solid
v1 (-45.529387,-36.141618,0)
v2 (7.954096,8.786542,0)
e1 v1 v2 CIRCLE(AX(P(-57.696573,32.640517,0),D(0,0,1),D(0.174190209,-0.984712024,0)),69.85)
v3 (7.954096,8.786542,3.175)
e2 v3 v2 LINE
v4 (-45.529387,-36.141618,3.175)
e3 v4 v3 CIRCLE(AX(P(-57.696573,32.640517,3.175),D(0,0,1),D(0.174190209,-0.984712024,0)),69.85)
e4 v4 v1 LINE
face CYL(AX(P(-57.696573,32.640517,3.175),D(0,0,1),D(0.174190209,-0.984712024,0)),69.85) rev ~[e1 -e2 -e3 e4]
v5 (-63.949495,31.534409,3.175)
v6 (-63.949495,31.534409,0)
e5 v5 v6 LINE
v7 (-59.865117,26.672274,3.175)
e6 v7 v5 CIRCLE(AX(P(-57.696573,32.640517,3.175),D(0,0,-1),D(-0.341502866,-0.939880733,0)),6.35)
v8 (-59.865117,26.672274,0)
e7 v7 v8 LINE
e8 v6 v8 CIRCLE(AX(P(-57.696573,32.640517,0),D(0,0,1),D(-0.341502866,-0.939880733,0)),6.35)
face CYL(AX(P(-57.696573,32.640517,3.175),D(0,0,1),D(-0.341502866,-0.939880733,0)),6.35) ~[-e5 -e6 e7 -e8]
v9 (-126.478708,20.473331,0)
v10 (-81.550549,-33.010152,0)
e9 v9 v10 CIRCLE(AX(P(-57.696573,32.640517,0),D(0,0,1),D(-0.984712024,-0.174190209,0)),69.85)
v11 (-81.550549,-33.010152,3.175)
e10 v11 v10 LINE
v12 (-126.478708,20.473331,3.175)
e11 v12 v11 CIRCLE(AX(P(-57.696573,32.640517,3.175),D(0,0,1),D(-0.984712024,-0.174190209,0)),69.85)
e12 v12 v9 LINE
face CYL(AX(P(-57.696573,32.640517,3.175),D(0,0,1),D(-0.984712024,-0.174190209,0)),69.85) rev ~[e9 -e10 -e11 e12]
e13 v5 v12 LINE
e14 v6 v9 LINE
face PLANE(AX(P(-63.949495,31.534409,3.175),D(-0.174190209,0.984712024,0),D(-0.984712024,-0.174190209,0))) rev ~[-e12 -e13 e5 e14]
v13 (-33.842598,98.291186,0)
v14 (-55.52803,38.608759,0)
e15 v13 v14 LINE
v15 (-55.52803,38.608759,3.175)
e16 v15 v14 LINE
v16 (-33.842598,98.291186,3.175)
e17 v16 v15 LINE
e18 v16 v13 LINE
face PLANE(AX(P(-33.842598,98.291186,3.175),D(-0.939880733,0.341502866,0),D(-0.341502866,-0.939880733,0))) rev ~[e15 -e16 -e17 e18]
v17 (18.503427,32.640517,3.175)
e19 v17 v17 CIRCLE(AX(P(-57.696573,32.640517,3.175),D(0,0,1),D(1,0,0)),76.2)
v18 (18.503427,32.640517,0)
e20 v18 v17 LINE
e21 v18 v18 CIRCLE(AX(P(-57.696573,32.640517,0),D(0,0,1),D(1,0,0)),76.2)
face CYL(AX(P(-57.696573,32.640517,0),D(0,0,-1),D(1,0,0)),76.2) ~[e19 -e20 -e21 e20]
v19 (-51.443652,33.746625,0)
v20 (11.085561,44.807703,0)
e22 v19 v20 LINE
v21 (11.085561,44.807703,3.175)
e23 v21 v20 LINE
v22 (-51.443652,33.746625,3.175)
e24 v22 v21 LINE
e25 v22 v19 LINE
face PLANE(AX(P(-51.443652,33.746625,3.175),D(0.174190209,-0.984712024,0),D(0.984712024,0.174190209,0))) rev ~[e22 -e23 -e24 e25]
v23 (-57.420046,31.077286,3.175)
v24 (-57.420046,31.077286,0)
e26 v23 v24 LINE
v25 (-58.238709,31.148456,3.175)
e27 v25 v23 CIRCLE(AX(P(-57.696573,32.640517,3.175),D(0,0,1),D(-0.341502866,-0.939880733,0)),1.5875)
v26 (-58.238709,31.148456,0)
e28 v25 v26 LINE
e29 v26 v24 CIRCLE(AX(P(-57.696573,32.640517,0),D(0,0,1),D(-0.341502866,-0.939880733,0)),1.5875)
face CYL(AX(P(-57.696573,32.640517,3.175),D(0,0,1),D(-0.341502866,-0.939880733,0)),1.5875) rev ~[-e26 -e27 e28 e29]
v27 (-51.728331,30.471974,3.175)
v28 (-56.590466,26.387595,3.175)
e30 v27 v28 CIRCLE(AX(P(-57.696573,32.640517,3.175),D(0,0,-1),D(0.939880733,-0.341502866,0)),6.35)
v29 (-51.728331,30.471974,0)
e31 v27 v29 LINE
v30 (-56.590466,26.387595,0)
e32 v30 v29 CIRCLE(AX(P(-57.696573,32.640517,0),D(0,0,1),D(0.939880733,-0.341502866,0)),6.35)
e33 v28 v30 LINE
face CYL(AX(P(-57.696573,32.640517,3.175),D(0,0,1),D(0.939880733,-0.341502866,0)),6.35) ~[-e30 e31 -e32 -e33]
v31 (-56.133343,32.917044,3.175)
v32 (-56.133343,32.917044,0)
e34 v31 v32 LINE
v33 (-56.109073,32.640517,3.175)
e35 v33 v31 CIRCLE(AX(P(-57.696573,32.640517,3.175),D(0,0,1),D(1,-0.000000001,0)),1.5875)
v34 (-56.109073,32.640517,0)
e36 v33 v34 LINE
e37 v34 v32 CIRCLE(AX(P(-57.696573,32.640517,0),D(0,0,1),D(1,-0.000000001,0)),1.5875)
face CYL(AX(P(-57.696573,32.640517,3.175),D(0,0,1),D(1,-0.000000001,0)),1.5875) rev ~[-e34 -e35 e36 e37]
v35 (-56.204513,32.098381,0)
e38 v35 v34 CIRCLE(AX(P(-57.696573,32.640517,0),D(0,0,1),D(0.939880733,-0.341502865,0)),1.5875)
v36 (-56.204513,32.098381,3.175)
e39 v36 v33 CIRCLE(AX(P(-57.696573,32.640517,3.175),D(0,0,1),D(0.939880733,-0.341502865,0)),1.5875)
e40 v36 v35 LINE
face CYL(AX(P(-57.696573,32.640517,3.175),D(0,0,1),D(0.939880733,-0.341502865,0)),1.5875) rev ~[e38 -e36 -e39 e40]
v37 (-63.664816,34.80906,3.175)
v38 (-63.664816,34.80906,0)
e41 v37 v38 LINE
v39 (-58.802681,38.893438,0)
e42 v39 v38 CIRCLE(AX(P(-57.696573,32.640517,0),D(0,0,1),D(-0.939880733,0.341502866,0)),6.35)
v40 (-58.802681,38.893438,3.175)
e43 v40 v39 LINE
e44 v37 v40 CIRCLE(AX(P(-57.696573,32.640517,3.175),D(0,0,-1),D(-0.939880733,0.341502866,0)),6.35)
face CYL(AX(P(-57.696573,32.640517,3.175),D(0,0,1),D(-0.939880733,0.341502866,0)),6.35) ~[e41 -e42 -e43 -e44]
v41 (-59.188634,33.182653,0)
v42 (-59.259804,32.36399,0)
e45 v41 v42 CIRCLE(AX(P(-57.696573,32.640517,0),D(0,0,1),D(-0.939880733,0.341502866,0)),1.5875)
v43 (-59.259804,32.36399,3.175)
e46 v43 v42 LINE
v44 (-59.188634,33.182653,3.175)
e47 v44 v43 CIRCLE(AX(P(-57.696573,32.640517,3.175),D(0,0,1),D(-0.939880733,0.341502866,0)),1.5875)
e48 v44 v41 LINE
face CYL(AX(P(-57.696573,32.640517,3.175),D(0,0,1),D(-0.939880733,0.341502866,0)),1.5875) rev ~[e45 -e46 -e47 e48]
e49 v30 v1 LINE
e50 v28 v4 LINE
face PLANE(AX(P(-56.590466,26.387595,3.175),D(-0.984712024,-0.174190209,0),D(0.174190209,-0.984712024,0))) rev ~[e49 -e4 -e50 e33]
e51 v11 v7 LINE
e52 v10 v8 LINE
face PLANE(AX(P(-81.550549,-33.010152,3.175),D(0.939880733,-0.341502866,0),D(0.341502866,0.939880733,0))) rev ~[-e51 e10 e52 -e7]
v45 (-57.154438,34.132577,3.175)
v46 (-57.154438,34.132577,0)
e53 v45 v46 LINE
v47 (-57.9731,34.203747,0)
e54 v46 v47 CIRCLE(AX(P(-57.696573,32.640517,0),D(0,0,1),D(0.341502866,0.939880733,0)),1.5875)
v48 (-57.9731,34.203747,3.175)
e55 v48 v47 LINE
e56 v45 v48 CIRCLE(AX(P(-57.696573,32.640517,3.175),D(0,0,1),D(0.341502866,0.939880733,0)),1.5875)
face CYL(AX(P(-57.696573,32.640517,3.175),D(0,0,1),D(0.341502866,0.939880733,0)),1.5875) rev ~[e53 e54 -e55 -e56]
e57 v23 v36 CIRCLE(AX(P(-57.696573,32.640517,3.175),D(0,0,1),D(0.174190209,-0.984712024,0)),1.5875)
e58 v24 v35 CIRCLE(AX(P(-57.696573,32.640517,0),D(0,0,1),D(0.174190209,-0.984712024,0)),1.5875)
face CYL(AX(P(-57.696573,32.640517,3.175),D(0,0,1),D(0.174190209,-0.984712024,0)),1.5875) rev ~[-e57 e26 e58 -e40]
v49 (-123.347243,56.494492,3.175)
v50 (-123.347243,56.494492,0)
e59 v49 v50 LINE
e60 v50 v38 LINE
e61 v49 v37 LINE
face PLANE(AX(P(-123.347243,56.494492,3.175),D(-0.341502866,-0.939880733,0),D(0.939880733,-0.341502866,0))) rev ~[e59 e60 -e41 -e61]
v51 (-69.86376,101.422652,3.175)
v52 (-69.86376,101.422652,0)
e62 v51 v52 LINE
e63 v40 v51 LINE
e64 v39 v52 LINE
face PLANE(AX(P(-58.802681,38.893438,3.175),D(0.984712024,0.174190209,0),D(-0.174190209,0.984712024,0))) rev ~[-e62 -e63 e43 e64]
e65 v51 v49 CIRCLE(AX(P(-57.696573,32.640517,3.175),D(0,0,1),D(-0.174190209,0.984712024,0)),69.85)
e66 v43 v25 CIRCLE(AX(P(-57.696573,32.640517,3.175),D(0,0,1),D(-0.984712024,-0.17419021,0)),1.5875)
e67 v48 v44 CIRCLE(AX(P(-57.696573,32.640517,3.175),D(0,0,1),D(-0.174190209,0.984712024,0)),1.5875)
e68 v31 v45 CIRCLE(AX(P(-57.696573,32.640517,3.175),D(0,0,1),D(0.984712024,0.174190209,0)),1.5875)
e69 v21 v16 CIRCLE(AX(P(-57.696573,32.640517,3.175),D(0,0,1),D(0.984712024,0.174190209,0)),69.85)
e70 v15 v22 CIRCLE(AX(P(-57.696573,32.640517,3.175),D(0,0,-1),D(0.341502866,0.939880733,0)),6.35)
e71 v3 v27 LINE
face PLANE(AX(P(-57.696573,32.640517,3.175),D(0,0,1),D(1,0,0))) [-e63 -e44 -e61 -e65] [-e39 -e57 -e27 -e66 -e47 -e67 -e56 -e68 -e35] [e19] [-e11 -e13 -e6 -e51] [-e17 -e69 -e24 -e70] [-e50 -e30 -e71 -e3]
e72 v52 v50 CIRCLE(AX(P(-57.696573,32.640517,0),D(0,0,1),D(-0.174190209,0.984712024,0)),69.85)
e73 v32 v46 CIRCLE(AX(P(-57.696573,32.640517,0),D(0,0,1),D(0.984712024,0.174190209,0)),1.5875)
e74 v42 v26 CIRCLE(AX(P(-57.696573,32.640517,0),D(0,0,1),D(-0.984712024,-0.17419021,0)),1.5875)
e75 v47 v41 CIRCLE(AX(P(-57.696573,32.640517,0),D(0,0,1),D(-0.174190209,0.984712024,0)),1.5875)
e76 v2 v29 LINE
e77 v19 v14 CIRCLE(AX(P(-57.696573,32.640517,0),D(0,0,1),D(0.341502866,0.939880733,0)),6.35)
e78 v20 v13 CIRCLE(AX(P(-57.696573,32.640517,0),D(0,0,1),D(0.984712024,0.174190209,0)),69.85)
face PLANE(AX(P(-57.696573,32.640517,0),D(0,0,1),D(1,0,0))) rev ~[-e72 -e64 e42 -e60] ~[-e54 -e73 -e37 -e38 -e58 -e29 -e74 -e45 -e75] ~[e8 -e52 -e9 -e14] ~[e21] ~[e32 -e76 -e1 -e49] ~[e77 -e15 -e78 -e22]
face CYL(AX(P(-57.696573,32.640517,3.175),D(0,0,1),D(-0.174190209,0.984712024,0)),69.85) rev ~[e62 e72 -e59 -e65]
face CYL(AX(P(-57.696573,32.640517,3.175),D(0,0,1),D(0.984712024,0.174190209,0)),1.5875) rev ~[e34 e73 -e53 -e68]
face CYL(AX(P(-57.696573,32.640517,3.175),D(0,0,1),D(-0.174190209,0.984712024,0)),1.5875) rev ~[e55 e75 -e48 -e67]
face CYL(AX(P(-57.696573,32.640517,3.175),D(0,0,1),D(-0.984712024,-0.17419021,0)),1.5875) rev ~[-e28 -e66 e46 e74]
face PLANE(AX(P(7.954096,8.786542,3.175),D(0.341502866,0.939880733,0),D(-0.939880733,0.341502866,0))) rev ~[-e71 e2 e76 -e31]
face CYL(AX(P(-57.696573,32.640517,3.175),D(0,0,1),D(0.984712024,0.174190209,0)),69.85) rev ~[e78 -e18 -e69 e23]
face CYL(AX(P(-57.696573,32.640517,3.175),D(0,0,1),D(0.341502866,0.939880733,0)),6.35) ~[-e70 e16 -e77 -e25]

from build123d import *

# Parameters (mm, degrees)
F0_R     = 76.2
F1_DEPTH = 3.175
F3_DEPTH = 25.4
F4_DEPTH = 25.4


with BuildPart() as f1:
    # F0 (on Top) → F1 (new body)
    with BuildSketch(Plane.XY):
        with Locations((-57.6965734363, 32.640516758)):
            Circle(F0_R)
    extrude(amount=F1_DEPTH)

    # F2 (on face) → F3 (cut)
    with BuildSketch(Plane.XY.offset(3.175)):
        with BuildLine():
            ThreePointArc((-126.4787083378, 20.4733306254), (-111.1800565213, -12.2876429762), (-81.5505486037, -33.0101524596))
            Line((-81.5505486037, -33.0101524596), (-59.8651166333, 26.6722741018))
            ThreePointArc((-59.8651166333, 26.6722741018), (-62.5587082622, 28.5561386003), (-63.9494947909, 31.5344089277))
            Line((-63.9494947909, 31.5344089277), (-126.4787083378, 20.4733306254))
        make_face()
        with BuildLine():
            Line((-58.8026812665, 38.8934381127), (-69.8637595688, 101.4226516595))
            ThreePointArc((-69.8637595688, 101.4226516595), (-102.6247331704, 86.123999843), (-123.3472426538, 56.4944919254))
            Line((-123.3472426538, 56.4944919254), (-63.6648160924, 34.809059955))
            ThreePointArc((-63.6648160924, 34.809059955), (-61.7809515939, 37.5026515839), (-58.8026812665, 38.8934381127))
        make_face()
        with BuildLine():
            ThreePointArc((-45.5293873037, -36.1416181436), (-12.7684137021, -20.842966327), (7.9540957813, 8.7865415905))
            Line((7.9540957813, 8.7865415905), (-51.7283307801, 30.4719735609))
            ThreePointArc((-51.7283307801, 30.4719735609), (-53.6121952786, 27.7783819321), (-56.590465606, 26.3875954033))
            Line((-56.590465606, 26.3875954033), (-45.5293873037, -36.1416181436))
        make_face()
        with BuildLine():
            Line((-51.4436520816, 33.7466245882), (11.0855614653, 44.8077028905))
            ThreePointArc((11.0855614653, 44.8077028905), (-4.2130903513, 77.5686764921), (-33.8425982688, 98.2911859755))
            Line((-33.8425982688, 98.2911859755), (-55.5280302392, 38.6087594141))
            ThreePointArc((-55.5280302392, 38.6087594141), (-52.8344386104, 36.7248949156), (-51.4436520816, 33.7466245882))
        make_face()
    extrude(amount=-F3_DEPTH, mode=Mode.SUBTRACT)

    # F2 (on face) → F4 (cut)
    with BuildSketch(Plane.XY.offset(3.175)):
        with BuildLine():
            ThreePointArc((-57.4200464787, 31.0772864193), (-56.6754788968, 31.4249830515), (-56.2045127722, 32.0983809587))
            Line((-56.2045127722, 32.0983809587), (-57.6965734363, 32.640516758))
            Line((-57.6965734363, 32.640516758), (-57.4200464787, 31.0772864193))
        make_face()
        with BuildLine():
            ThreePointArc((-56.1090734363, 32.640516758), (-56.1151524909, 32.7793117279), (-56.1333430976, 32.9170437155))
            Line((-56.1333430976, 32.9170437155), (-57.6965734363, 32.640516758))
            Line((-57.6965734363, 32.640516758), (-56.2045127722, 32.0983809587))
            ThreePointArc((-56.2045127722, 32.0983809587), (-56.1331153214, 32.365280545), (-56.1090734363, 32.640516758))
        make_face()
        with BuildLine():
            Line((-57.6965734363, 32.640516758), (-56.1333430976, 32.9170437155))
            ThreePointArc((-56.1333430976, 32.9170437155), (-56.4810397298, 33.6616112974), (-57.154437637, 34.132577422))
            Line((-57.154437637, 34.132577422), (-57.6965734363, 32.640516758))
        make_face()
        with BuildLine():
            Line((-57.6965734363, 32.640516758), (-57.154437637, 34.132577422))
            ThreePointArc((-57.154437637, 34.132577422), (-57.5590841827, 34.2220517576), (-57.9731003938, 34.2037470966))
            Line((-57.9731003938, 34.2037470966), (-57.6965734363, 32.640516758))
        make_face()
        with BuildLine():
            Line((-59.1886341003, 33.1826525572), (-57.6965734363, 32.640516758))
            Line((-57.6965734363, 32.640516758), (-57.9731003938, 34.2037470966))
            ThreePointArc((-57.9731003938, 34.2037470966), (-58.7176679757, 33.8560504644), (-59.1886341003, 33.1826525572))
        make_face()
        with BuildLine():
            Line((-59.2598037749, 32.3639898004), (-57.6965734363, 32.640516758))
            Line((-57.6965734363, 32.640516758), (-59.1886341003, 33.1826525572))
            ThreePointArc((-59.1886341003, 33.1826525572), (-59.2781084359, 32.7780060115), (-59.2598037749, 32.3639898004))
        make_face()
        with BuildLine():
            Line((-58.2387092355, 31.1484560939), (-57.6965734363, 32.640516758))
            Line((-57.6965734363, 32.640516758), (-59.2598037749, 32.3639898004))
            ThreePointArc((-59.2598037749, 32.3639898004), (-58.9121071427, 31.6194222186), (-58.2387092355, 31.1484560939))
        make_face()
        with BuildLine():
            Line((-57.4200464787, 31.0772864193), (-57.6965734363, 32.640516758))
            Line((-57.6965734363, 32.640516758), (-58.2387092355, 31.1484560939))
            ThreePointArc((-58.2387092355, 31.1484560939), (-57.8340626898, 31.0589817583), (-57.4200464787, 31.0772864193))
        make_face()
    extrude(amount=-F4_DEPTH, mode=Mode.SUBTRACT)


solid = f1.part
